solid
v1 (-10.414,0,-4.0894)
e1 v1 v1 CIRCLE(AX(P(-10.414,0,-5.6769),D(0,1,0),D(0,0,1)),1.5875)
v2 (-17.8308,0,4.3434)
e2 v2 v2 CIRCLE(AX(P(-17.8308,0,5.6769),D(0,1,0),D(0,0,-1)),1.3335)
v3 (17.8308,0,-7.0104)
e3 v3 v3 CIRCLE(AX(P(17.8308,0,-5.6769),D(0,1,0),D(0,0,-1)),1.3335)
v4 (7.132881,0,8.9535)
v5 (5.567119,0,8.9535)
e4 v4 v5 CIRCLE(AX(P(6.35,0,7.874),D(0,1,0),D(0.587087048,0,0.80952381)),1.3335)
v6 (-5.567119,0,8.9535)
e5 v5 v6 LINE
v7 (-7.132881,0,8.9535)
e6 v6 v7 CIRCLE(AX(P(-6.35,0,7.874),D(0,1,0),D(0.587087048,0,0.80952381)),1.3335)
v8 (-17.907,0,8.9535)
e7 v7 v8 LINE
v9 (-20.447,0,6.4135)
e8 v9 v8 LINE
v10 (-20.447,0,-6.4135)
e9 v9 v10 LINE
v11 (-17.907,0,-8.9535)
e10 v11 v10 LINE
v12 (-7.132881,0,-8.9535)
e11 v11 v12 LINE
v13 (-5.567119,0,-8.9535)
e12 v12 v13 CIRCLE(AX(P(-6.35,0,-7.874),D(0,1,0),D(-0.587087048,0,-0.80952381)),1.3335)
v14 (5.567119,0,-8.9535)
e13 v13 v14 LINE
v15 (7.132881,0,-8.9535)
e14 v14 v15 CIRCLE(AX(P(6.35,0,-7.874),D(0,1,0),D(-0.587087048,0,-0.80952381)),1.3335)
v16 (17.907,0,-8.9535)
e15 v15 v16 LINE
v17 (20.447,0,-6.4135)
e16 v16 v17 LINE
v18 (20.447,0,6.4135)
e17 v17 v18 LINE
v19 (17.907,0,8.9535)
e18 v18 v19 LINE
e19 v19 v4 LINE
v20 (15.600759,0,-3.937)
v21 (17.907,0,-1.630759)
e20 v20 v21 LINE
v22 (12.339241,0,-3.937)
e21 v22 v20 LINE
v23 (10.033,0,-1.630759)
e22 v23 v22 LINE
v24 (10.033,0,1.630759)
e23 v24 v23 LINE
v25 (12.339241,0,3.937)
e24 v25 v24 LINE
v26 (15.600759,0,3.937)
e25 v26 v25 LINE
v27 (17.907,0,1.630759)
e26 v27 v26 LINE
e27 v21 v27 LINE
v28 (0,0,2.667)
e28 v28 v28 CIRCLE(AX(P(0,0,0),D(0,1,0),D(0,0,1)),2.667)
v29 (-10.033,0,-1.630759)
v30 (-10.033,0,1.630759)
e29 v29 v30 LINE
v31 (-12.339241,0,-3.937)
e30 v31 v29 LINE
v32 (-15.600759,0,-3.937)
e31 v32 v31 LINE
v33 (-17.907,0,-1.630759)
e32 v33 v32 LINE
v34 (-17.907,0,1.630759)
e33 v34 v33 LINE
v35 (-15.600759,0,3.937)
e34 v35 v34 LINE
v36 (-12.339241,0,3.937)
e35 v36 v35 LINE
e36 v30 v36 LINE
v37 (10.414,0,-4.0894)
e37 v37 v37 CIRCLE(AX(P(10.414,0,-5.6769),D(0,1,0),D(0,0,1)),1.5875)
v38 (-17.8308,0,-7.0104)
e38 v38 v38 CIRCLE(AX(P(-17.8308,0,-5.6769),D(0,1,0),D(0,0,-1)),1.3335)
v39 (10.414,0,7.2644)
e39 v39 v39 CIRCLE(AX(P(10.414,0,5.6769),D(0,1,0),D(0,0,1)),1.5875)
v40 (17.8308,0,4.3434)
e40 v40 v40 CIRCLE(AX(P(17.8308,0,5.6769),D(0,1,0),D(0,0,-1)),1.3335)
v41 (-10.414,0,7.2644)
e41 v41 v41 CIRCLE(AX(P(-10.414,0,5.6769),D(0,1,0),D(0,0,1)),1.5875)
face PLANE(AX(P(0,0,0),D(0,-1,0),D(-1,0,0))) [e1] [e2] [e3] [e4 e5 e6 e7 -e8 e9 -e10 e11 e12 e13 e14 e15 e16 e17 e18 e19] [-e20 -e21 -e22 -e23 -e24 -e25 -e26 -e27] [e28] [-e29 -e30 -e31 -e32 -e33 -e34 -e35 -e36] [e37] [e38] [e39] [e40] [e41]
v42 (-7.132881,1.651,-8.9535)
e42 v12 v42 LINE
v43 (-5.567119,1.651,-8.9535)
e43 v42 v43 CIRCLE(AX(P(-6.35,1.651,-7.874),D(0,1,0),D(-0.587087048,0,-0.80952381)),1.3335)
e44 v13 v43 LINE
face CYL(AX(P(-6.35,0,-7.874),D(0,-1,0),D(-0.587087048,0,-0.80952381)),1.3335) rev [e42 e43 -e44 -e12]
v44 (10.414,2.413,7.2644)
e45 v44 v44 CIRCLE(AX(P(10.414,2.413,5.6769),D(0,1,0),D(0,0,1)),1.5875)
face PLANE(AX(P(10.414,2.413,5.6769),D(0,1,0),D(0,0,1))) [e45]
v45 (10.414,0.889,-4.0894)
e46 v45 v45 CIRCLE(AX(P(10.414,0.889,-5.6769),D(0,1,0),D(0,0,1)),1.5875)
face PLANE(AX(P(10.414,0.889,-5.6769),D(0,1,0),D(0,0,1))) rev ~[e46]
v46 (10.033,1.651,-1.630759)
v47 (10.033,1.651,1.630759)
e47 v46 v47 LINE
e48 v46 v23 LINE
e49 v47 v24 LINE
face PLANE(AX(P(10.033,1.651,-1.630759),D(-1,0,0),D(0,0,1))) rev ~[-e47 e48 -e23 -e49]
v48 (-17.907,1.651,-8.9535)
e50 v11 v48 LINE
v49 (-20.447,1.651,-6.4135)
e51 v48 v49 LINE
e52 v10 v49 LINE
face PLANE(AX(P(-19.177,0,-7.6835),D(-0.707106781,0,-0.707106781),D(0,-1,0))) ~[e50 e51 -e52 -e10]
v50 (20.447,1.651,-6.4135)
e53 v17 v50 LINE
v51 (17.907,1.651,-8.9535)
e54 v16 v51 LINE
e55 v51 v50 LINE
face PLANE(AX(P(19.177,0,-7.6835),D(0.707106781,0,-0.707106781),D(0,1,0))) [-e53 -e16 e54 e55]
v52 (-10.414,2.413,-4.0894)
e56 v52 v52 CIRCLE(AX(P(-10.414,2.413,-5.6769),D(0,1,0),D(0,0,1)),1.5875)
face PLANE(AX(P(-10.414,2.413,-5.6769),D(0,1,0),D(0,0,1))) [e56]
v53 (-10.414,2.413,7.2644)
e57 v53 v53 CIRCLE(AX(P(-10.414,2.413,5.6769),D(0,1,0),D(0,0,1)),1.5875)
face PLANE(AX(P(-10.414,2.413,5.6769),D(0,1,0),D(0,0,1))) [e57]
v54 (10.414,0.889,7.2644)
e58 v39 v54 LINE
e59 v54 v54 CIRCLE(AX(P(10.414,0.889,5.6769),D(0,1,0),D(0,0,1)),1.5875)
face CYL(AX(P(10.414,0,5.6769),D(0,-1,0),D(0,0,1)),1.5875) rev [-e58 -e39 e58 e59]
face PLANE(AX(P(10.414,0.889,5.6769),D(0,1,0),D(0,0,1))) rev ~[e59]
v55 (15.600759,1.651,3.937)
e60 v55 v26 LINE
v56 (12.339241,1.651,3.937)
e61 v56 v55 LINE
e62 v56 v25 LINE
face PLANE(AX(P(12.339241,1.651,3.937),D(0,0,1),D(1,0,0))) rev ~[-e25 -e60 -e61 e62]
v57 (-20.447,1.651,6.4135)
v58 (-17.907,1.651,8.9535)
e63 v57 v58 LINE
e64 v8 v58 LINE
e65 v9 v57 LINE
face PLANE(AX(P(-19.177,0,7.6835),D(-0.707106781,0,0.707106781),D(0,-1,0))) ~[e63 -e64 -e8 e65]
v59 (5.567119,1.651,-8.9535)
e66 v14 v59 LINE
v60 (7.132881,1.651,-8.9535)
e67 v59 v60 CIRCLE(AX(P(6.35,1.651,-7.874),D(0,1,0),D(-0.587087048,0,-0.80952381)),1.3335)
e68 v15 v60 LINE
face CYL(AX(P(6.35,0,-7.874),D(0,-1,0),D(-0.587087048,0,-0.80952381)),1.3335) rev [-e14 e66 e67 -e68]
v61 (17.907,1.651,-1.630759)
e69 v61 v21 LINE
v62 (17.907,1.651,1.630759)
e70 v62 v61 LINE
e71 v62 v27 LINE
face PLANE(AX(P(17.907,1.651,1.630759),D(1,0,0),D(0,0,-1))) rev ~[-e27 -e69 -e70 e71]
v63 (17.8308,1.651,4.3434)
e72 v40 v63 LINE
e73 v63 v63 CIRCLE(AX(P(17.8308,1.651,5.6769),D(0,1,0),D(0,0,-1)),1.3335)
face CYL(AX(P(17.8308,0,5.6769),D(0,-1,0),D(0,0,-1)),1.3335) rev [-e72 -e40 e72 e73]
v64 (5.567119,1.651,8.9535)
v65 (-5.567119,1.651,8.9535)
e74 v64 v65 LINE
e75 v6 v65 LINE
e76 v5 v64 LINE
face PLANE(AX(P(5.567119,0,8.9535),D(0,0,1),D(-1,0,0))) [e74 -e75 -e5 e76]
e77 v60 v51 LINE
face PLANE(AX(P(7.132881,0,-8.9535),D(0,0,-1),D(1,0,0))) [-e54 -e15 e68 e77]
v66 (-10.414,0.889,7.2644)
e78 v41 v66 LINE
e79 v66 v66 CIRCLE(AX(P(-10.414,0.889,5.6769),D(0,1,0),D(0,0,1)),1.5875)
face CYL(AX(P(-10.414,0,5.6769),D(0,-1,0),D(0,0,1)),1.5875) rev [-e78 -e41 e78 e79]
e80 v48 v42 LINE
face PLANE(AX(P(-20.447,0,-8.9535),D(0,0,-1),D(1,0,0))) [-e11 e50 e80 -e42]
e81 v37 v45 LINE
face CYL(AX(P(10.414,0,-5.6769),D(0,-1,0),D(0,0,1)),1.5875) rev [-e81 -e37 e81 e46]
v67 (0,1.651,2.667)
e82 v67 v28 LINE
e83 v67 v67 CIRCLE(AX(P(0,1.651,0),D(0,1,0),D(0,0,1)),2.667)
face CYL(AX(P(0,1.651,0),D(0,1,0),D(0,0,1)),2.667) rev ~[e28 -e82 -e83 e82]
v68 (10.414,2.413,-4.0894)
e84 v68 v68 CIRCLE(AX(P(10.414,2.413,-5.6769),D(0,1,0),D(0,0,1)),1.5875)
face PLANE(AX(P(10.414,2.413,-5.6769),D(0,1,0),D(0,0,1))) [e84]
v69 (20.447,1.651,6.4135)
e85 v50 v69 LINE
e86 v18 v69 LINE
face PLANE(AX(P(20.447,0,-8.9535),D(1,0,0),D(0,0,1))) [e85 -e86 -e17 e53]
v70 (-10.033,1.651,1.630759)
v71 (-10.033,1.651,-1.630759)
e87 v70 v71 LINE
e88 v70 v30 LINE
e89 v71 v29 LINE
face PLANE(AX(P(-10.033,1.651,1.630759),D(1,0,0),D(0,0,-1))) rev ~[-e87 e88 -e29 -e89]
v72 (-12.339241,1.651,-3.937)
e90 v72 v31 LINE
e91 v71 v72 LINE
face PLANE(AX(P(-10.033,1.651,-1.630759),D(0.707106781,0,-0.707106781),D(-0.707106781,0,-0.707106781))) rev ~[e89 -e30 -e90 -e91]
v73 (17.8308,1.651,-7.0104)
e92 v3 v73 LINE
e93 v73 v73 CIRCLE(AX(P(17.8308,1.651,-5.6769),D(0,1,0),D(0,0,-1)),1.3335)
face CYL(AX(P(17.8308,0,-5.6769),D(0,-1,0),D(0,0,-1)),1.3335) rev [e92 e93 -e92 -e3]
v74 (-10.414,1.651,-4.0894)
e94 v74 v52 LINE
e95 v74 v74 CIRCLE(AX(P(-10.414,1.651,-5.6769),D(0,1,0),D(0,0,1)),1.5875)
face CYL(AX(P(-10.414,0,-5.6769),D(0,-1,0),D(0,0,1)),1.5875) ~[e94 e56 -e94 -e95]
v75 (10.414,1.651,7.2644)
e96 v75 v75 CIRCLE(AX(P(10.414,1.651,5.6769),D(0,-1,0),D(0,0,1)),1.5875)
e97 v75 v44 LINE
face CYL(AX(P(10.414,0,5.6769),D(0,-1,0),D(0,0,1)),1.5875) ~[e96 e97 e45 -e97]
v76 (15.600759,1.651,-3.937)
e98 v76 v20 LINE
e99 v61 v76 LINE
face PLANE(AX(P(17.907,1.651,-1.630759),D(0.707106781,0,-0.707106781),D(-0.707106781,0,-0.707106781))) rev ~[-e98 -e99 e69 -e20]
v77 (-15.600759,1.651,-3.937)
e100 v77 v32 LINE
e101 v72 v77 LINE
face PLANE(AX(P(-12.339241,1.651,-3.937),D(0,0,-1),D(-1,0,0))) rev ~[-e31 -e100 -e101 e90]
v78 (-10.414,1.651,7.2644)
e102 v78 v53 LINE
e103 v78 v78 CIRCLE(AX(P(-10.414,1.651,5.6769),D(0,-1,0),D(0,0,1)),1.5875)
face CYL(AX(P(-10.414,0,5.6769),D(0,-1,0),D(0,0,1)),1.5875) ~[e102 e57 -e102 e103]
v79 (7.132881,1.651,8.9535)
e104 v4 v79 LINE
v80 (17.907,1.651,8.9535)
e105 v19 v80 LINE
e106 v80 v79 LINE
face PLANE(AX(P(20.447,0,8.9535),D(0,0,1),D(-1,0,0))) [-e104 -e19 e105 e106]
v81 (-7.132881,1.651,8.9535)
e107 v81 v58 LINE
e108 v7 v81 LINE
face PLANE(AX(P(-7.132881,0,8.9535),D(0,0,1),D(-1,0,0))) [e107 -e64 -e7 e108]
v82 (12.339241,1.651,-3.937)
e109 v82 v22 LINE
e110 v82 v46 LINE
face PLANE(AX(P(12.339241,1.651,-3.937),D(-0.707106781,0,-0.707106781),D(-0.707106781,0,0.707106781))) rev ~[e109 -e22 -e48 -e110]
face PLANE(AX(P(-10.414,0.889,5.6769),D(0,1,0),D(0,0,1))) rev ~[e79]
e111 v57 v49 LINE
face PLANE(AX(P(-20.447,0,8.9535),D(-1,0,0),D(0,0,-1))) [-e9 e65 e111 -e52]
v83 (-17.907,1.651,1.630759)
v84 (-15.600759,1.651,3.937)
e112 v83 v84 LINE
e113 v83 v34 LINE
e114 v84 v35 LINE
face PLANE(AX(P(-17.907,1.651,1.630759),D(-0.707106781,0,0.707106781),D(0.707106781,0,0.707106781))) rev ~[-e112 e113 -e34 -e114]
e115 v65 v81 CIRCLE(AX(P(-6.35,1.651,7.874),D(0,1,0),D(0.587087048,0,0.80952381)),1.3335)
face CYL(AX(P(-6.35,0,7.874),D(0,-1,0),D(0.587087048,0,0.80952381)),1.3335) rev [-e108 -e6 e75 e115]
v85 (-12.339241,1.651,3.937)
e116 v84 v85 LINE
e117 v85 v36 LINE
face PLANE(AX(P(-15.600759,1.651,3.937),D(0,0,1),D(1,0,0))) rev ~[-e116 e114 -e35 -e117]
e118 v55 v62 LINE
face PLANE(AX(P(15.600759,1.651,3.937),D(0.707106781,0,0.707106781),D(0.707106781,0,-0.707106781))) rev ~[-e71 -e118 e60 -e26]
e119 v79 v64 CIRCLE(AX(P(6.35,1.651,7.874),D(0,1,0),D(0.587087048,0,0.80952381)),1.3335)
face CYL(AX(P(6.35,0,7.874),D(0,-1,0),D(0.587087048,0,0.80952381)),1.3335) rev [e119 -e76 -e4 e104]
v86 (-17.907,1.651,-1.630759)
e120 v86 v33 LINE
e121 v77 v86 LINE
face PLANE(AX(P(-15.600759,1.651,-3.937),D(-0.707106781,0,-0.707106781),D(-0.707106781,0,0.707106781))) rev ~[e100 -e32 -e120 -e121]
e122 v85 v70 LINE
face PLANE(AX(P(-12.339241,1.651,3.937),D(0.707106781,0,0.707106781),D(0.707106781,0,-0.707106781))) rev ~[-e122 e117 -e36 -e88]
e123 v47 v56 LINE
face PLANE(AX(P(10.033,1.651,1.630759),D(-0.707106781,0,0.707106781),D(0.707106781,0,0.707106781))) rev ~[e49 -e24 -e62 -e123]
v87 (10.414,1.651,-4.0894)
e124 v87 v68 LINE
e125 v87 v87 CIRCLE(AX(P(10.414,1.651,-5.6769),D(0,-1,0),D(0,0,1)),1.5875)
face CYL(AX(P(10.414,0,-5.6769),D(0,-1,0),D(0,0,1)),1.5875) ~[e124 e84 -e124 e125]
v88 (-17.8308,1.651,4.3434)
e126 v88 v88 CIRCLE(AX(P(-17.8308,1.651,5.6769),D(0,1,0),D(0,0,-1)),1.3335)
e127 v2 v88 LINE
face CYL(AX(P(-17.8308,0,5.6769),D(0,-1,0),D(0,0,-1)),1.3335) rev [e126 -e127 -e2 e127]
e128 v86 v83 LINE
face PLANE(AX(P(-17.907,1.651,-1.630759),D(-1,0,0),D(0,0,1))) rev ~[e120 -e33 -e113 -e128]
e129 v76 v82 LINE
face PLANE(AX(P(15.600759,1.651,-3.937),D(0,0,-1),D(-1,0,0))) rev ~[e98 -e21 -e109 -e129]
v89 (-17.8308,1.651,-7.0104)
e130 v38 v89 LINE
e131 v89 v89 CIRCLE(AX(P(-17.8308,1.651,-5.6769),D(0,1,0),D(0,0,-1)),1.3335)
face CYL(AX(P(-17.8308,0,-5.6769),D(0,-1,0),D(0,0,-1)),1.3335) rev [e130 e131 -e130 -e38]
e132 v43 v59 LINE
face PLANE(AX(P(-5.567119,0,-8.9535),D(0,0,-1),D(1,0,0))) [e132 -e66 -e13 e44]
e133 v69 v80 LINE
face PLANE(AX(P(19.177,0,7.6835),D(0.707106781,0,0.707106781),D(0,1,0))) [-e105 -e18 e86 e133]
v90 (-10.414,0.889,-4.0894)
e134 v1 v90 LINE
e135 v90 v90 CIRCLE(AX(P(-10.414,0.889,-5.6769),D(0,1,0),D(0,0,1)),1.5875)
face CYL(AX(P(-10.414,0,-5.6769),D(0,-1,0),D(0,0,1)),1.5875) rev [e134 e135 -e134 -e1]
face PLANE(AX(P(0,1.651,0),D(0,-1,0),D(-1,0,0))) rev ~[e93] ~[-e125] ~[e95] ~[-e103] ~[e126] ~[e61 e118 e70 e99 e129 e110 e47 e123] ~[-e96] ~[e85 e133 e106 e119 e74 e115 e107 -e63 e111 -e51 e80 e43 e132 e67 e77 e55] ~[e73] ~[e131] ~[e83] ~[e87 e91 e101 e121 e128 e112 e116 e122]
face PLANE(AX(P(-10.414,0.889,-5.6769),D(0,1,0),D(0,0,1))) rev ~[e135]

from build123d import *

# Parameters (mm, degrees)
SKETCH1_R           = 1.3335
SKETCH1_R_2         = 1.5875
BOSS_EXTRUDE1_DEPTH = 1.651
CHAMFER1_SIZE       = 2.54
SKETCH1_2_R         = 1.5875
BOSS_EXTRUDE2_DEPTH = 2.413
SKETCH1_3_R         = 1.5875
CUT_EXTRUDE1_DEPTH  = 0.889
SKETCH3_R           = 2.667
CUT_EXTRUDE3_DEPTH  = 23.382376376


with BuildPart() as part:
    # Sketch1 → Boss-Extrude1 (new body)
    with BuildSketch(Plane(origin=(0, 0, 0), x_dir=(1, 0, 0), z_dir=(0, 1, 0))):
        with BuildLine():
            Line((-5.567119422, 8.9535), (5.567119422, 8.9535))
            ThreePointArc((5.567119422, 8.9535), (6.35, 6.5405), (7.132880578, 8.9535))
            Line((7.132880578, 8.9535), (20.447, 8.9535))
            Line((20.447, 8.9535), (20.447, -8.9535))
            Line((20.447, -8.9535), (7.132880578, -8.9535))
            ThreePointArc((7.132880578, -8.9535), (6.35, -6.5405), (5.567119422, -8.9535))
            Line((5.567119422, -8.9535), (-5.567119422, -8.9535))
            ThreePointArc((-5.567119422, -8.9535), (-6.35, -6.5405), (-7.132880578, -8.9535))
            Line((-7.132880578, -8.9535), (-20.447, -8.9535))
            Line((-20.447, -8.9535), (-20.447, 8.9535))
            Line((-20.447, 8.9535), (-7.132880578, 8.9535))
            ThreePointArc((-7.132880578, 8.9535), (-6.35, 6.5405), (-5.567119422, 8.9535))
        make_face()
        with Locations((-17.8308, 5.6769)):
            Circle(SKETCH1_R, mode=Mode.SUBTRACT)
        with Locations((17.8308, 5.6769)):
            Circle(SKETCH1_R, mode=Mode.SUBTRACT)
        with Locations((17.8308, -5.6769)):
            Circle(SKETCH1_R, mode=Mode.SUBTRACT)
        with Locations((-17.8308, -5.6769)):
            Circle(SKETCH1_R, mode=Mode.SUBTRACT)
        with Locations((-10.414, 5.6769)):
            Circle(SKETCH1_R_2, mode=Mode.SUBTRACT)
        with Locations((10.414, 5.6769)):
            Circle(SKETCH1_R_2, mode=Mode.SUBTRACT)
        with Locations((10.414, -5.6769)):
            Circle(SKETCH1_R_2, mode=Mode.SUBTRACT)
        with Locations((-10.414, -5.6769)):
            Circle(SKETCH1_R_2, mode=Mode.SUBTRACT)
    extrude(amount=BOSS_EXTRUDE1_DEPTH)

    # Chamfer1
    chamfer1_edges = [part.edges().sort_by_distance(p)[0] for p in [
        (-20.447, 0.8255, 8.9535),
        (-20.447, 0.8255, -8.9535),
        (20.447, 0.8255, -8.9535),
        (20.447, 0.8255, 8.9535),
    ]]
    chamfer(chamfer1_edges, length=CHAMFER1_SIZE)

    # Sketch1<2> → Boss-Extrude2 (add)
    with BuildSketch(Plane(origin=(0, 0, 0), x_dir=(1, 0, 0), z_dir=(0, 1, 0))):
        with Locations((-10.414, 5.6769)):
            Circle(SKETCH1_2_R)
        with Locations((10.414, 5.6769)):
            Circle(SKETCH1_2_R)
        with Locations((10.414, -5.6769)):
            Circle(SKETCH1_2_R)
        with Locations((-10.414, -5.6769)):
            Circle(SKETCH1_2_R)
    extrude(amount=BOSS_EXTRUDE2_DEPTH)

    # Sketch1<3> → Cut-Extrude1 (cut)
    with BuildSketch(Plane(origin=(0, 0, 0), x_dir=(1, 0, 0), z_dir=(0, 1, 0))):
        with Locations((-10.414, 5.6769)):
            Circle(SKETCH1_3_R)
        with Locations((10.414, 5.6769)):
            Circle(SKETCH1_3_R)
        with Locations((10.414, -5.6769)):
            Circle(SKETCH1_3_R)
        with Locations((-10.414, -5.6769)):
            Circle(SKETCH1_3_R)
    extrude(amount=CUT_EXTRUDE1_DEPTH, mode=Mode.SUBTRACT)

    # Sketch3 → Cut-Extrude3 (cut, through all)
    with BuildSketch(Plane(origin=(0, 1.651, 0), x_dir=(1, 0, 0), z_dir=(0, 1, 0))):
        Circle(SKETCH3_R)
        Polygon((-10.033, 1.630758795), (-12.339241205, 3.937), (-15.600758795, 3.937), (-17.907, 1.630758795), (-17.907, -1.630758795), (-15.600758795, -3.937), (-12.339241205, -3.937), (-10.033, -1.630758795), align=None)
        Polygon((17.907, 1.630758795), (15.600758795, 3.937), (12.339241205, 3.937), (10.033, 1.630758795), (10.033, -1.630758795), (12.339241205, -3.937), (15.600758795, -3.937), (17.907, -1.630758795), align=None)
    extrude(amount=-CUT_EXTRUDE3_DEPTH, mode=Mode.SUBTRACT)


solid = part.part
